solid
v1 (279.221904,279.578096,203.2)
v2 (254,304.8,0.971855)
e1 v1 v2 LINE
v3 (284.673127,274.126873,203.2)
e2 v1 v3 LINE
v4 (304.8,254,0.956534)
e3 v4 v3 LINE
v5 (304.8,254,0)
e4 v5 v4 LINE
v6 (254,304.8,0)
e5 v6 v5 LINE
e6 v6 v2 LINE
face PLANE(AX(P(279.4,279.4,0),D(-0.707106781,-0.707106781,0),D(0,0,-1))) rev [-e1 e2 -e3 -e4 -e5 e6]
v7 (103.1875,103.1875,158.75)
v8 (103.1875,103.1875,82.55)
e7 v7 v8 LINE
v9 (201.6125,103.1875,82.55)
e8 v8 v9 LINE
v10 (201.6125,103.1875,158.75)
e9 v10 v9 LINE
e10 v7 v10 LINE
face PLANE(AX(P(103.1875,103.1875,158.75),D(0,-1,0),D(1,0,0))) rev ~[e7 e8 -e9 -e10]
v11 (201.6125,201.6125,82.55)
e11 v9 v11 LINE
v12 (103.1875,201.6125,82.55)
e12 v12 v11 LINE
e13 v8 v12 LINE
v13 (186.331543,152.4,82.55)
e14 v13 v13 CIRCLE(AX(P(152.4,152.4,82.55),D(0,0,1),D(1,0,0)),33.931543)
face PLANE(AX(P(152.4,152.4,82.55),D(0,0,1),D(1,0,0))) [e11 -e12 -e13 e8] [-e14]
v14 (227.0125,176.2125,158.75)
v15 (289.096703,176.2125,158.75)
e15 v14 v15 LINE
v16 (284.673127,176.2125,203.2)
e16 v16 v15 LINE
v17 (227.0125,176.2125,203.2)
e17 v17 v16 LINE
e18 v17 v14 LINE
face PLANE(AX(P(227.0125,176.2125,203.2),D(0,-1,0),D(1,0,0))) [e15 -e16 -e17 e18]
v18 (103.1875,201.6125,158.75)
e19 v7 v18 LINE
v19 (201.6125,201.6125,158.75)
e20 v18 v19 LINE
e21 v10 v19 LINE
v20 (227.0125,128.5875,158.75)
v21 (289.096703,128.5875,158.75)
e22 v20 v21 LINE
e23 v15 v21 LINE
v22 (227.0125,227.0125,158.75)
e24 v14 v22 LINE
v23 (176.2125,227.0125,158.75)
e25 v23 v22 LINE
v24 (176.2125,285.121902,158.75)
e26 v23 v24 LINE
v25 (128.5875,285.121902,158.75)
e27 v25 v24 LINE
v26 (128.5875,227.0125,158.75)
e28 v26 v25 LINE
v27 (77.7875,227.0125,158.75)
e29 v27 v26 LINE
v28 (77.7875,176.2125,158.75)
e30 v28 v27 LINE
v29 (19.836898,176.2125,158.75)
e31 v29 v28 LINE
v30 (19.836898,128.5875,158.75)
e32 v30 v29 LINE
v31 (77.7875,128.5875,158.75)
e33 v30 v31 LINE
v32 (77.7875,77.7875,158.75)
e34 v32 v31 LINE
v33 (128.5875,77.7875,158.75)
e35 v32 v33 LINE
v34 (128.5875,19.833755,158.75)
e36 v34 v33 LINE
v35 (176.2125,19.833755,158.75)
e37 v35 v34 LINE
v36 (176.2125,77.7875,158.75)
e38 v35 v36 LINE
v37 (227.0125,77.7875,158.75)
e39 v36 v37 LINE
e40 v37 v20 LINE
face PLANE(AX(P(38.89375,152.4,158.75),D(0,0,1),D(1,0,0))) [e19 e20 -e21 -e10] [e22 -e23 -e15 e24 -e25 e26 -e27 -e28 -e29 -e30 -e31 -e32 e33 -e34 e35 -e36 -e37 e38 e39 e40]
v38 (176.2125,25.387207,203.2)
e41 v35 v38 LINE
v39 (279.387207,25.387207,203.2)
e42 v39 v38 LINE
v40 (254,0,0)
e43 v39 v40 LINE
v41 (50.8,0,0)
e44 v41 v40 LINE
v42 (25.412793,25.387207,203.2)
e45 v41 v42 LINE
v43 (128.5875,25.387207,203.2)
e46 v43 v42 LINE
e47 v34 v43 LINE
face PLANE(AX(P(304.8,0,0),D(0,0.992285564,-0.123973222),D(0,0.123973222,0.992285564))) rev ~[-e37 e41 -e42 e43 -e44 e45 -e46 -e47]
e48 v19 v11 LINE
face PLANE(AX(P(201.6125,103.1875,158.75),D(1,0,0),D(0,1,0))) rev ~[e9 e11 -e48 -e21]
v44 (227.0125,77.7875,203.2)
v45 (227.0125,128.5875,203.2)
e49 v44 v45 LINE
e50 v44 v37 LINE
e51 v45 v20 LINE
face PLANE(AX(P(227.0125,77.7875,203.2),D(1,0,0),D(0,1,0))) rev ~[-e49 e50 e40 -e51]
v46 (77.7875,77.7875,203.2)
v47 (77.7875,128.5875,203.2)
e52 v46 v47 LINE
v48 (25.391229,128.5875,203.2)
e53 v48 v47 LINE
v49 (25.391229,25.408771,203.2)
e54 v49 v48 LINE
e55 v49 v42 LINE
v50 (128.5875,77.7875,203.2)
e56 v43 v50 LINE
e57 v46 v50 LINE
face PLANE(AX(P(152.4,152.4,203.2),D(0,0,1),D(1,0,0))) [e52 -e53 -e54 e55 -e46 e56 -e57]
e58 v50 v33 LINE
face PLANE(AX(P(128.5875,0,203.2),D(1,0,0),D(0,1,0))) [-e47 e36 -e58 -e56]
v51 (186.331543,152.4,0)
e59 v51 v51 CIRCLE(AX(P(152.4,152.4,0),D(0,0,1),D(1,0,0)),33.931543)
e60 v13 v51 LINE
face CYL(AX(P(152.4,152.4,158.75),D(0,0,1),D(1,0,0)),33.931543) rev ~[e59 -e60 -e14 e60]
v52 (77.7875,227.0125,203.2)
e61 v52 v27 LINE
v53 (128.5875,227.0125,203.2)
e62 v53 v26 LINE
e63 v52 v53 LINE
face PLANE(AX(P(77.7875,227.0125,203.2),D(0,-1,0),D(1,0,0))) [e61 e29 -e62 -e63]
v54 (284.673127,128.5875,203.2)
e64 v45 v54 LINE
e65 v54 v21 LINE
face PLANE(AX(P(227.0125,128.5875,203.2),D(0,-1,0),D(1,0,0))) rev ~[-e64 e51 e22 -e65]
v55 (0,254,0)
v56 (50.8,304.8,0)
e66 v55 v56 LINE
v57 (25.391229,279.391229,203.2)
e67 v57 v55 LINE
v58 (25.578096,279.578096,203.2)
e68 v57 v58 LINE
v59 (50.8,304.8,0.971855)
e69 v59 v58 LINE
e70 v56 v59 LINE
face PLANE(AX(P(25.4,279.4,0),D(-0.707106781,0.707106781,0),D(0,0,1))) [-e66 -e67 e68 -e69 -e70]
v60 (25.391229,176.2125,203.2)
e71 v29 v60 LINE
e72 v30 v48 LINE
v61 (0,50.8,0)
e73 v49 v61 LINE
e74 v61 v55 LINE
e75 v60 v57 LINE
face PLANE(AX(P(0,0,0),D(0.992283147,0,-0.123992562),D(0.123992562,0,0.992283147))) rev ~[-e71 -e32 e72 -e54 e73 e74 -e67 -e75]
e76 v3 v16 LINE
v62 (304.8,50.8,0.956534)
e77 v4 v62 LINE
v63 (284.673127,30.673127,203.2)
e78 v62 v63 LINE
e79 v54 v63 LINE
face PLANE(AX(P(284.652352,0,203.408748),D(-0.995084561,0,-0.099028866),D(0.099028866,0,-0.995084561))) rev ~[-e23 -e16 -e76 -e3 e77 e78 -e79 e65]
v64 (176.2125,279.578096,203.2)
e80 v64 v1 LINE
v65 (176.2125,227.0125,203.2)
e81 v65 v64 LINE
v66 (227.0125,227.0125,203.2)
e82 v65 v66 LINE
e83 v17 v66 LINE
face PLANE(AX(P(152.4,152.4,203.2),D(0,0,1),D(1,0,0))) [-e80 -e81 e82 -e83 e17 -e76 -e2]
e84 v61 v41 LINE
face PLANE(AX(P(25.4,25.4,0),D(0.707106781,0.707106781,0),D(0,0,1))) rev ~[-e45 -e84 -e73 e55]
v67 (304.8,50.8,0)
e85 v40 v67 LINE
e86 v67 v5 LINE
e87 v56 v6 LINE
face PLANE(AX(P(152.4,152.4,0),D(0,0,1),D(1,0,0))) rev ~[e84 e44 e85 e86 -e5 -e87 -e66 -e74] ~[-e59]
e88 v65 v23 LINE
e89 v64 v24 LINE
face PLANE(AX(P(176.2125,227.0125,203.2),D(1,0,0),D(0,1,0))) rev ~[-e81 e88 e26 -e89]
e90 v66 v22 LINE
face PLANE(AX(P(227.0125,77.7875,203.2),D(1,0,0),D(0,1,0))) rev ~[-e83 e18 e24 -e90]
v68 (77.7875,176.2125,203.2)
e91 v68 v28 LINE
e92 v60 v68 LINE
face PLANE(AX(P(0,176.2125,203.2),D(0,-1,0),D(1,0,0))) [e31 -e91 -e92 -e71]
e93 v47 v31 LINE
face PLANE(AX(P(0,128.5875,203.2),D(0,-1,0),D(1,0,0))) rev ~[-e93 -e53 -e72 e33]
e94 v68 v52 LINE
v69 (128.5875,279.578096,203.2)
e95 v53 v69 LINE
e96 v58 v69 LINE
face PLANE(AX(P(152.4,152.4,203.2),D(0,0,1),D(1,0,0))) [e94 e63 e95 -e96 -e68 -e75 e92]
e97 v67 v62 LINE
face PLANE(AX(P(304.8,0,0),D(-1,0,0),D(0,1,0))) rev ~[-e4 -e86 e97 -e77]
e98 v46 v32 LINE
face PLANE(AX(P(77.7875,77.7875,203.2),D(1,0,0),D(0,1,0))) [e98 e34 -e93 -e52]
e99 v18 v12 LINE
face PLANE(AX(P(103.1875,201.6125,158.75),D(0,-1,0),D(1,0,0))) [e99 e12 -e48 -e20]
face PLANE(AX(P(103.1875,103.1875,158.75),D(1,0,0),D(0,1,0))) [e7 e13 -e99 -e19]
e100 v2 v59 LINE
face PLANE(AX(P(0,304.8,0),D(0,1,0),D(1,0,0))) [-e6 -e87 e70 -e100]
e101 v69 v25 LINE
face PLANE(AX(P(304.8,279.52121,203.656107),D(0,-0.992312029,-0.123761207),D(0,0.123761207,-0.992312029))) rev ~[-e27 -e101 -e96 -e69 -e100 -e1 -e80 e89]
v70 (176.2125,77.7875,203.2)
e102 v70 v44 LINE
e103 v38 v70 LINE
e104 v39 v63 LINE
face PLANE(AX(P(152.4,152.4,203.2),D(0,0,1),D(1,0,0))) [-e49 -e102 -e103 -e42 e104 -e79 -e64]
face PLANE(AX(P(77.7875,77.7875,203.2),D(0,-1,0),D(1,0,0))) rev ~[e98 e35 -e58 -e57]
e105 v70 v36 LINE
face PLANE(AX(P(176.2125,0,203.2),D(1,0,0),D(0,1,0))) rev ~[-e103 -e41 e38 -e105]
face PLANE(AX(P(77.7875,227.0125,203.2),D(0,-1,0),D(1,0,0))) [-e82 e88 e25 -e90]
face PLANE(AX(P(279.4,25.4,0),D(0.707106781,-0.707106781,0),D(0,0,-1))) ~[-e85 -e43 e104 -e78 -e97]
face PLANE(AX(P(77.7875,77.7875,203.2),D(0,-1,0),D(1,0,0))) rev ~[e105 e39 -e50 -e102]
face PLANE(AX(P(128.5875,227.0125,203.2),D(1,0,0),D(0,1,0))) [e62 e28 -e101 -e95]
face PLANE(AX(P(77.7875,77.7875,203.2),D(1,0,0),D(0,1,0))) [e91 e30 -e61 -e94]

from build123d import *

# Parameters (mm, degrees)
F0_W      = 304.8
F0_H      = 304.8
F1_DEPTH  = 203.2
F2_W      = 149.225
F2_H      = 149.225
F3_DEPTH  = 44.45
F4_W      = 47.625
F4_H      = 77.7875
F4_W_2    = 77.7875
F4_H_2    = 47.625
F5_DEPTH  = 44.45
F6_SIZE   = 50.8
F7_R      = 33.9315428176
F8_DEPTH  = 158.751
F9_W      = 98.425
F9_H      = 98.425
F9_R      = 33.9315428176
F10_DEPTH = 76.2
F12_DEPTH = 304.801
F14_DEPTH = 304.801


with BuildPart() as f1:
    # F0 (on Top) → F1 (new body)
    with BuildSketch(Plane.XY):
        with Locations((152.4, 152.4)):
            Rectangle(F0_W, F0_H)
    extrude(amount=F1_DEPTH)

    # F2 (on face) → F3 (cut)
    with BuildSketch(Plane.XY.offset(203.2)):
        with Locations((152.4, 152.4)):
            Rectangle(F2_W, F2_H)
    extrude(amount=-F3_DEPTH, mode=Mode.SUBTRACT)

    # F4 (on face) → F5 (cut)
    with BuildSketch(Plane.XY.offset(203.2)):
        with Locations((152.4, 265.90625)):
            Rectangle(F4_W, F4_H)
        with Locations((152.4, 38.89375)):
            Rectangle(F4_W, F4_H)
        with Locations((265.90625, 152.4)):
            Rectangle(F4_W_2, F4_H_2)
        with Locations((38.89375, 152.4)):
            Rectangle(F4_W_2, F4_H_2)
    extrude(amount=-F5_DEPTH, mode=Mode.SUBTRACT)

    # F6
    f6_edges = [f1.edges().sort_by_distance(p)[0] for p in [
        (304.8, 0, 101.6),
        (304.8, 304.8, 101.6),
        (0, 0, 101.6),
        (0, 304.8, 101.6),
    ]]
    chamfer(f6_edges, length=F6_SIZE)

    # F7 (on face) → F8 (cut, through all)
    with BuildSketch(Plane.XY.offset(158.75)):
        with Locations((152.4, 152.4)):
            Circle(F7_R)
    extrude(amount=-F8_DEPTH, mode=Mode.SUBTRACT)

    # F9 (on face) → F10 (cut)
    with BuildSketch(Plane.XY.offset(158.75)):
        with Locations((152.4, 152.4)):
            Rectangle(F9_W, F9_H)
        with Locations((152.4, 152.4)):
            Circle(F9_R, mode=Mode.SUBTRACT)
    extrude(amount=-F10_DEPTH, mode=Mode.SUBTRACT)

    # F11 (on face) → F12 (cut, through all)
    with BuildSketch(Plane.XZ):
        Polygon((0, 203.2701924012), (0, 0), (25.4, 203.2701924012), align=None)
        Polygon((284.6523523331, 203.4087479115), (304.8951923847, 0), (304.8951923847, 203.4087479115), align=None)
    extrude(amount=-F12_DEPTH, mode=Mode.SUBTRACT)

    # F13 (on face) → F14 (cut, through all)
    with BuildSketch(Plane.YZ.offset(304.8)):
        Polygon((0, 203.302398324), (0, 0), (25.4, 203.302398324), align=None)
        Polygon((279.5212098122, 203.6561071873), (304.9212098122, 0), (304.9212098122, 203.6561071873), align=None)
    extrude(amount=-F14_DEPTH, mode=Mode.SUBTRACT)


solid = f1.part
